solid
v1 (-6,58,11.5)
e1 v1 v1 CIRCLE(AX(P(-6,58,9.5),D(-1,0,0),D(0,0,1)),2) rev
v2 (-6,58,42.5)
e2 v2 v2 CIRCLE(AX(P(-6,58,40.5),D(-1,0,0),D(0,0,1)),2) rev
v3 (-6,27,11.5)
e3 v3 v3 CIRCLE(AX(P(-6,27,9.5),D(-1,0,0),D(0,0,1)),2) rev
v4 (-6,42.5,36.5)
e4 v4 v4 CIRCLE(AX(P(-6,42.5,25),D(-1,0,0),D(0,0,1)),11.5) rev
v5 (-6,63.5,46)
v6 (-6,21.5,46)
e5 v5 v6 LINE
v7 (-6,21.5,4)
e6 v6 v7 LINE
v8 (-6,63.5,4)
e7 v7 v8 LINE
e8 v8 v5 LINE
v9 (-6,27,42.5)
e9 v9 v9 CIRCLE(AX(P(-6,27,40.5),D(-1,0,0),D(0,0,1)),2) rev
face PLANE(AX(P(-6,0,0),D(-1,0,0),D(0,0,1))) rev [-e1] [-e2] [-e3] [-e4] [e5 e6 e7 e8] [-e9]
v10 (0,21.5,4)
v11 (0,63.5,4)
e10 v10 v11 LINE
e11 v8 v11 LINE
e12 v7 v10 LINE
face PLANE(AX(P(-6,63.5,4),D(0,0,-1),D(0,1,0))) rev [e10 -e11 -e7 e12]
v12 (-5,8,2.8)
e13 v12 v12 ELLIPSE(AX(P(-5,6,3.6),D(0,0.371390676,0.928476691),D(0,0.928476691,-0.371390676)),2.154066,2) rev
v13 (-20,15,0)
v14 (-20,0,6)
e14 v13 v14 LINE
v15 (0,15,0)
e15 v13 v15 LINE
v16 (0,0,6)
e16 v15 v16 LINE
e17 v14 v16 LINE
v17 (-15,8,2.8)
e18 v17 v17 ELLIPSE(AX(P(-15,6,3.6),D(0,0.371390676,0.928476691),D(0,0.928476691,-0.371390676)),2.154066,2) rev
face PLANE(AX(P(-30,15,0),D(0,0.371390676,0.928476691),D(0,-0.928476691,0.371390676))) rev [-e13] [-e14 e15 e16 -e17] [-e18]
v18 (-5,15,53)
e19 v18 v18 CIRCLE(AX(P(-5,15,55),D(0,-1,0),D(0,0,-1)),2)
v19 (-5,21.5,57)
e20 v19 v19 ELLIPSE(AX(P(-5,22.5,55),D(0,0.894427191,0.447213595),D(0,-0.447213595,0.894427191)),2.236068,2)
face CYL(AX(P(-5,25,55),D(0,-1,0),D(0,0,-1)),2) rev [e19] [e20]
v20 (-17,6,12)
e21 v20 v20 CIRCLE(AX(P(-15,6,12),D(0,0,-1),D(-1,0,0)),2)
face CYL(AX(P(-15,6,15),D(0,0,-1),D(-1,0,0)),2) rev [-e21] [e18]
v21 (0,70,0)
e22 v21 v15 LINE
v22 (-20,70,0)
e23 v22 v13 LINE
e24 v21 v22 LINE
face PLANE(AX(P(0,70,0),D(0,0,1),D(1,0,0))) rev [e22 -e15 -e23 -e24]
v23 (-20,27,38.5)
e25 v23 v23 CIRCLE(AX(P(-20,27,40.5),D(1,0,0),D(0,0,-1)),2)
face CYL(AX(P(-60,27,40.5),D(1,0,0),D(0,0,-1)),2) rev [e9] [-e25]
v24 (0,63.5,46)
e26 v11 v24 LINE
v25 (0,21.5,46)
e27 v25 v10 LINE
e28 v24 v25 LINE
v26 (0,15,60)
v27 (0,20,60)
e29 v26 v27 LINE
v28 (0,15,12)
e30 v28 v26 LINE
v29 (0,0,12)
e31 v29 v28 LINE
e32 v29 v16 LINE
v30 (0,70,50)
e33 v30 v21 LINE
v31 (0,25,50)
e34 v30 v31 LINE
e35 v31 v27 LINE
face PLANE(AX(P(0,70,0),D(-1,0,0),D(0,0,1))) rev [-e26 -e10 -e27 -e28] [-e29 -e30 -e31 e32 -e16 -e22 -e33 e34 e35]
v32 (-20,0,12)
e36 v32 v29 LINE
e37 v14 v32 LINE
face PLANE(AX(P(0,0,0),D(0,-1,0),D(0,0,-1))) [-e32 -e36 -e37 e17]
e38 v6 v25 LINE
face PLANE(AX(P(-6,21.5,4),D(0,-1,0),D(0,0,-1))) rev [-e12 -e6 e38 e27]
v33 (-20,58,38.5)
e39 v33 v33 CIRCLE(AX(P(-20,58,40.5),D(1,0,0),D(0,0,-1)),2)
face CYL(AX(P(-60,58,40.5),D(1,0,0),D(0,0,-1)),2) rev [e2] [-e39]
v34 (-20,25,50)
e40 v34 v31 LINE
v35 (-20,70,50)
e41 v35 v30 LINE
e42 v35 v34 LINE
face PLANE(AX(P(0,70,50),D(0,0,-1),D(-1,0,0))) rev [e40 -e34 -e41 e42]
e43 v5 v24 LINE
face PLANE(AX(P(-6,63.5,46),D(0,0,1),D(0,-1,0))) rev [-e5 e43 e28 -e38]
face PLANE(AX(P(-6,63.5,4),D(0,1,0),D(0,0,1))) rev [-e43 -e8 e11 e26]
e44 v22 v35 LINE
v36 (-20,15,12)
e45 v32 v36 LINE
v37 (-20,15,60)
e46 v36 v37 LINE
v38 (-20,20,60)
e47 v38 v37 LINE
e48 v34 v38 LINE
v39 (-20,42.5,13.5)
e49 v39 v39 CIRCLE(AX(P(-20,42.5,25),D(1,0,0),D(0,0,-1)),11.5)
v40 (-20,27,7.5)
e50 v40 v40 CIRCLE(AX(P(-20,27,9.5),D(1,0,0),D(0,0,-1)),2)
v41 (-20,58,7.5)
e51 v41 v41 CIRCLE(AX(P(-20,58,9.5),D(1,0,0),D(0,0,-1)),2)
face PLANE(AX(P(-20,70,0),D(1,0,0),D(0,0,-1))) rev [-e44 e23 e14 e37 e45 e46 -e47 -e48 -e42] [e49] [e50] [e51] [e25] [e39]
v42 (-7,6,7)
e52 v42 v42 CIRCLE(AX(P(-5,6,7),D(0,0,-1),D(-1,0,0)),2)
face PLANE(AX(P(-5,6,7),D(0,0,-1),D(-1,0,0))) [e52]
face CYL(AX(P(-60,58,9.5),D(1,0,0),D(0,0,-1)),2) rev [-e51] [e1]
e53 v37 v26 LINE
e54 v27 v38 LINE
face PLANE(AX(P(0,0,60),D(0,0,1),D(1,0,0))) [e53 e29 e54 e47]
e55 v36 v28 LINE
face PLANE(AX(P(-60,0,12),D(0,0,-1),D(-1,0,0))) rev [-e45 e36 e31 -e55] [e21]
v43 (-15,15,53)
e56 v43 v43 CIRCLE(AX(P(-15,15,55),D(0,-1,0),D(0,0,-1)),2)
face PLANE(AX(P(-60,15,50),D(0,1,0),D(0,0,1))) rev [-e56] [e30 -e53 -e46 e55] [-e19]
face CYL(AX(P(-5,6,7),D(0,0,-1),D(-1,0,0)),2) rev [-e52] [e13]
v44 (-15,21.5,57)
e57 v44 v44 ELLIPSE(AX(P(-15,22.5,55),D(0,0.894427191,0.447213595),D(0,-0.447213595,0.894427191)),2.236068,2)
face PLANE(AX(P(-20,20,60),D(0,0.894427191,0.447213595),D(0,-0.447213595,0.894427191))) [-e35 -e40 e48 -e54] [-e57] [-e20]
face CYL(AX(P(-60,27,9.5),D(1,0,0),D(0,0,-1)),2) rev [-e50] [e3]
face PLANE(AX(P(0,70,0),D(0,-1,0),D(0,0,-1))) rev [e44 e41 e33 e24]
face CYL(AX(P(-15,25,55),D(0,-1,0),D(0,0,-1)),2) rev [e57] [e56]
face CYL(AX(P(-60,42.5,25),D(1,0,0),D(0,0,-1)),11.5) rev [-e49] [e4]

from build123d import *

# Parameters (mm, degrees)
SKETCH1_W           = 20
SKETCH1_H           = 50
BOSS_EXTRUDE1_DEPTH = 70
SKETCH2_R           = 2
SKETCH2_R_2         = 11.5
CUT_EXTRUDE2_DEPTH  = 60
SKETCH4_W           = 38
SKETCH4_H           = 15
CUT_EXTRUDE3_DEPTH  = 60
SKETCH8_R           = 2
CUT_EXTRUDE5_DEPTH  = 15
SKETCH9_W           = 42
SKETCH9_H           = 42
CUT_EXTRUDE6_DEPTH  = 6
SKETCH10_R          = 2
CUT_EXTRUDE7_DEPTH  = 7
CUT_EXTRUDE8_DEPTH  = 30
SKETCH12_W          = 20
SKETCH12_H          = 5
BOSS_EXTRUDE2_DEPTH = 10
BOSS_EXTRUDE3_DEPTH = 20
SKETCH15_R          = 2
CUT_EXTRUDE9_DEPTH  = 10


with BuildPart() as part:
    # Sketch1 → Boss-Extrude1 (new body)
    with BuildSketch(Plane(origin=(0, 0, 0), x_dir=(1, 0, 0), z_dir=(0, 1, 0))):
        with Locations((-10, -25)):
            Rectangle(SKETCH1_W, SKETCH1_H)
    extrude(amount=BOSS_EXTRUDE1_DEPTH)

    # Sketch2 → Cut-Extrude2 (cut)
    with BuildSketch(Plane(origin=(0, 0, 0), x_dir=(0, 0, -1), z_dir=(1, 0, 0))):
        with Locations((-9.5, 58)):
            Circle(SKETCH2_R)
        with Locations((-25, 42.5)):
            Circle(SKETCH2_R_2)
        with Locations((-9.5, 27)):
            Circle(SKETCH2_R)
        with Locations((-40.5, 27)):
            Circle(SKETCH2_R)
        with Locations((-40.5, 58)):
            Circle(SKETCH2_R)
    extrude(amount=-CUT_EXTRUDE2_DEPTH, mode=Mode.SUBTRACT)

    # Sketch4 → Cut-Extrude3 (cut)
    with BuildSketch(Plane(origin=(0, 0, 0), x_dir=(0, 0, -1), z_dir=(1, 0, 0))):
        with Locations((-31, 7.5)):
            Rectangle(SKETCH4_W, SKETCH4_H)
    extrude(amount=-CUT_EXTRUDE3_DEPTH, mode=Mode.SUBTRACT)

    # Sketch8 → Cut-Extrude5 (cut)
    with BuildSketch(Plane(origin=(0, 0, 0), x_dir=(-1, 0, 0), z_dir=(0, 0, -1))):
        with Locations((15, 6)):
            Circle(SKETCH8_R)
    extrude(amount=-CUT_EXTRUDE5_DEPTH, mode=Mode.SUBTRACT)

    # Sketch9 → Cut-Extrude6 (cut)
    with BuildSketch(Plane(origin=(0, 0, 0), x_dir=(0, 0, -1), z_dir=(1, 0, 0))):
        with Locations((-25, 42.5)):
            Rectangle(SKETCH9_W, SKETCH9_H)
    extrude(amount=-CUT_EXTRUDE6_DEPTH, mode=Mode.SUBTRACT)

    # Sketch10 → Cut-Extrude7 (cut)
    with BuildSketch(Plane(origin=(0, 0, 0), x_dir=(-1, 0, 0), z_dir=(0, 0, -1))):
        with Locations((5, 6)):
            Circle(SKETCH10_R)
    extrude(amount=-CUT_EXTRUDE7_DEPTH, mode=Mode.SUBTRACT)

    # Sketch11 → Cut-Extrude8 (cut)
    with BuildSketch(Plane(origin=(0, 0, 0), x_dir=(0, 0, -1), z_dir=(1, 0, 0))):
        Polygon((-6, 0), (0, 0), (0, 15), align=None)
    extrude(amount=-CUT_EXTRUDE8_DEPTH, mode=Mode.SUBTRACT)

    # Sketch12 → Boss-Extrude2 (add)
    with BuildSketch(Plane.XY.offset(50)):
        with Locations((-10, 17.5)):
            Rectangle(SKETCH12_W, SKETCH12_H)
    extrude(amount=BOSS_EXTRUDE2_DEPTH)

    # Sketch14 → Boss-Extrude3 (add)
    with BuildSketch(Plane(origin=(0, 0, 0), x_dir=(0, 0, -1), z_dir=(1, 0, 0))):
        Polygon((-50, 20), (-60, 20), (-50, 25), align=None)
    extrude(amount=-BOSS_EXTRUDE3_DEPTH)

    # Sketch15 → Cut-Extrude9 (cut)
    with BuildSketch(Plane(origin=(0, 15, 0), x_dir=(-1, 0, 0), z_dir=(0, -1, 0))):
        with Locations(Location((5, -55, 0), (0, 0, 90))):
            Circle(SKETCH15_R)
        with Locations(Location((15, -55, 0), (0, 0, 90))):
            Circle(SKETCH15_R)
    extrude(amount=-CUT_EXTRUDE9_DEPTH, mode=Mode.SUBTRACT)


solid = part.part
